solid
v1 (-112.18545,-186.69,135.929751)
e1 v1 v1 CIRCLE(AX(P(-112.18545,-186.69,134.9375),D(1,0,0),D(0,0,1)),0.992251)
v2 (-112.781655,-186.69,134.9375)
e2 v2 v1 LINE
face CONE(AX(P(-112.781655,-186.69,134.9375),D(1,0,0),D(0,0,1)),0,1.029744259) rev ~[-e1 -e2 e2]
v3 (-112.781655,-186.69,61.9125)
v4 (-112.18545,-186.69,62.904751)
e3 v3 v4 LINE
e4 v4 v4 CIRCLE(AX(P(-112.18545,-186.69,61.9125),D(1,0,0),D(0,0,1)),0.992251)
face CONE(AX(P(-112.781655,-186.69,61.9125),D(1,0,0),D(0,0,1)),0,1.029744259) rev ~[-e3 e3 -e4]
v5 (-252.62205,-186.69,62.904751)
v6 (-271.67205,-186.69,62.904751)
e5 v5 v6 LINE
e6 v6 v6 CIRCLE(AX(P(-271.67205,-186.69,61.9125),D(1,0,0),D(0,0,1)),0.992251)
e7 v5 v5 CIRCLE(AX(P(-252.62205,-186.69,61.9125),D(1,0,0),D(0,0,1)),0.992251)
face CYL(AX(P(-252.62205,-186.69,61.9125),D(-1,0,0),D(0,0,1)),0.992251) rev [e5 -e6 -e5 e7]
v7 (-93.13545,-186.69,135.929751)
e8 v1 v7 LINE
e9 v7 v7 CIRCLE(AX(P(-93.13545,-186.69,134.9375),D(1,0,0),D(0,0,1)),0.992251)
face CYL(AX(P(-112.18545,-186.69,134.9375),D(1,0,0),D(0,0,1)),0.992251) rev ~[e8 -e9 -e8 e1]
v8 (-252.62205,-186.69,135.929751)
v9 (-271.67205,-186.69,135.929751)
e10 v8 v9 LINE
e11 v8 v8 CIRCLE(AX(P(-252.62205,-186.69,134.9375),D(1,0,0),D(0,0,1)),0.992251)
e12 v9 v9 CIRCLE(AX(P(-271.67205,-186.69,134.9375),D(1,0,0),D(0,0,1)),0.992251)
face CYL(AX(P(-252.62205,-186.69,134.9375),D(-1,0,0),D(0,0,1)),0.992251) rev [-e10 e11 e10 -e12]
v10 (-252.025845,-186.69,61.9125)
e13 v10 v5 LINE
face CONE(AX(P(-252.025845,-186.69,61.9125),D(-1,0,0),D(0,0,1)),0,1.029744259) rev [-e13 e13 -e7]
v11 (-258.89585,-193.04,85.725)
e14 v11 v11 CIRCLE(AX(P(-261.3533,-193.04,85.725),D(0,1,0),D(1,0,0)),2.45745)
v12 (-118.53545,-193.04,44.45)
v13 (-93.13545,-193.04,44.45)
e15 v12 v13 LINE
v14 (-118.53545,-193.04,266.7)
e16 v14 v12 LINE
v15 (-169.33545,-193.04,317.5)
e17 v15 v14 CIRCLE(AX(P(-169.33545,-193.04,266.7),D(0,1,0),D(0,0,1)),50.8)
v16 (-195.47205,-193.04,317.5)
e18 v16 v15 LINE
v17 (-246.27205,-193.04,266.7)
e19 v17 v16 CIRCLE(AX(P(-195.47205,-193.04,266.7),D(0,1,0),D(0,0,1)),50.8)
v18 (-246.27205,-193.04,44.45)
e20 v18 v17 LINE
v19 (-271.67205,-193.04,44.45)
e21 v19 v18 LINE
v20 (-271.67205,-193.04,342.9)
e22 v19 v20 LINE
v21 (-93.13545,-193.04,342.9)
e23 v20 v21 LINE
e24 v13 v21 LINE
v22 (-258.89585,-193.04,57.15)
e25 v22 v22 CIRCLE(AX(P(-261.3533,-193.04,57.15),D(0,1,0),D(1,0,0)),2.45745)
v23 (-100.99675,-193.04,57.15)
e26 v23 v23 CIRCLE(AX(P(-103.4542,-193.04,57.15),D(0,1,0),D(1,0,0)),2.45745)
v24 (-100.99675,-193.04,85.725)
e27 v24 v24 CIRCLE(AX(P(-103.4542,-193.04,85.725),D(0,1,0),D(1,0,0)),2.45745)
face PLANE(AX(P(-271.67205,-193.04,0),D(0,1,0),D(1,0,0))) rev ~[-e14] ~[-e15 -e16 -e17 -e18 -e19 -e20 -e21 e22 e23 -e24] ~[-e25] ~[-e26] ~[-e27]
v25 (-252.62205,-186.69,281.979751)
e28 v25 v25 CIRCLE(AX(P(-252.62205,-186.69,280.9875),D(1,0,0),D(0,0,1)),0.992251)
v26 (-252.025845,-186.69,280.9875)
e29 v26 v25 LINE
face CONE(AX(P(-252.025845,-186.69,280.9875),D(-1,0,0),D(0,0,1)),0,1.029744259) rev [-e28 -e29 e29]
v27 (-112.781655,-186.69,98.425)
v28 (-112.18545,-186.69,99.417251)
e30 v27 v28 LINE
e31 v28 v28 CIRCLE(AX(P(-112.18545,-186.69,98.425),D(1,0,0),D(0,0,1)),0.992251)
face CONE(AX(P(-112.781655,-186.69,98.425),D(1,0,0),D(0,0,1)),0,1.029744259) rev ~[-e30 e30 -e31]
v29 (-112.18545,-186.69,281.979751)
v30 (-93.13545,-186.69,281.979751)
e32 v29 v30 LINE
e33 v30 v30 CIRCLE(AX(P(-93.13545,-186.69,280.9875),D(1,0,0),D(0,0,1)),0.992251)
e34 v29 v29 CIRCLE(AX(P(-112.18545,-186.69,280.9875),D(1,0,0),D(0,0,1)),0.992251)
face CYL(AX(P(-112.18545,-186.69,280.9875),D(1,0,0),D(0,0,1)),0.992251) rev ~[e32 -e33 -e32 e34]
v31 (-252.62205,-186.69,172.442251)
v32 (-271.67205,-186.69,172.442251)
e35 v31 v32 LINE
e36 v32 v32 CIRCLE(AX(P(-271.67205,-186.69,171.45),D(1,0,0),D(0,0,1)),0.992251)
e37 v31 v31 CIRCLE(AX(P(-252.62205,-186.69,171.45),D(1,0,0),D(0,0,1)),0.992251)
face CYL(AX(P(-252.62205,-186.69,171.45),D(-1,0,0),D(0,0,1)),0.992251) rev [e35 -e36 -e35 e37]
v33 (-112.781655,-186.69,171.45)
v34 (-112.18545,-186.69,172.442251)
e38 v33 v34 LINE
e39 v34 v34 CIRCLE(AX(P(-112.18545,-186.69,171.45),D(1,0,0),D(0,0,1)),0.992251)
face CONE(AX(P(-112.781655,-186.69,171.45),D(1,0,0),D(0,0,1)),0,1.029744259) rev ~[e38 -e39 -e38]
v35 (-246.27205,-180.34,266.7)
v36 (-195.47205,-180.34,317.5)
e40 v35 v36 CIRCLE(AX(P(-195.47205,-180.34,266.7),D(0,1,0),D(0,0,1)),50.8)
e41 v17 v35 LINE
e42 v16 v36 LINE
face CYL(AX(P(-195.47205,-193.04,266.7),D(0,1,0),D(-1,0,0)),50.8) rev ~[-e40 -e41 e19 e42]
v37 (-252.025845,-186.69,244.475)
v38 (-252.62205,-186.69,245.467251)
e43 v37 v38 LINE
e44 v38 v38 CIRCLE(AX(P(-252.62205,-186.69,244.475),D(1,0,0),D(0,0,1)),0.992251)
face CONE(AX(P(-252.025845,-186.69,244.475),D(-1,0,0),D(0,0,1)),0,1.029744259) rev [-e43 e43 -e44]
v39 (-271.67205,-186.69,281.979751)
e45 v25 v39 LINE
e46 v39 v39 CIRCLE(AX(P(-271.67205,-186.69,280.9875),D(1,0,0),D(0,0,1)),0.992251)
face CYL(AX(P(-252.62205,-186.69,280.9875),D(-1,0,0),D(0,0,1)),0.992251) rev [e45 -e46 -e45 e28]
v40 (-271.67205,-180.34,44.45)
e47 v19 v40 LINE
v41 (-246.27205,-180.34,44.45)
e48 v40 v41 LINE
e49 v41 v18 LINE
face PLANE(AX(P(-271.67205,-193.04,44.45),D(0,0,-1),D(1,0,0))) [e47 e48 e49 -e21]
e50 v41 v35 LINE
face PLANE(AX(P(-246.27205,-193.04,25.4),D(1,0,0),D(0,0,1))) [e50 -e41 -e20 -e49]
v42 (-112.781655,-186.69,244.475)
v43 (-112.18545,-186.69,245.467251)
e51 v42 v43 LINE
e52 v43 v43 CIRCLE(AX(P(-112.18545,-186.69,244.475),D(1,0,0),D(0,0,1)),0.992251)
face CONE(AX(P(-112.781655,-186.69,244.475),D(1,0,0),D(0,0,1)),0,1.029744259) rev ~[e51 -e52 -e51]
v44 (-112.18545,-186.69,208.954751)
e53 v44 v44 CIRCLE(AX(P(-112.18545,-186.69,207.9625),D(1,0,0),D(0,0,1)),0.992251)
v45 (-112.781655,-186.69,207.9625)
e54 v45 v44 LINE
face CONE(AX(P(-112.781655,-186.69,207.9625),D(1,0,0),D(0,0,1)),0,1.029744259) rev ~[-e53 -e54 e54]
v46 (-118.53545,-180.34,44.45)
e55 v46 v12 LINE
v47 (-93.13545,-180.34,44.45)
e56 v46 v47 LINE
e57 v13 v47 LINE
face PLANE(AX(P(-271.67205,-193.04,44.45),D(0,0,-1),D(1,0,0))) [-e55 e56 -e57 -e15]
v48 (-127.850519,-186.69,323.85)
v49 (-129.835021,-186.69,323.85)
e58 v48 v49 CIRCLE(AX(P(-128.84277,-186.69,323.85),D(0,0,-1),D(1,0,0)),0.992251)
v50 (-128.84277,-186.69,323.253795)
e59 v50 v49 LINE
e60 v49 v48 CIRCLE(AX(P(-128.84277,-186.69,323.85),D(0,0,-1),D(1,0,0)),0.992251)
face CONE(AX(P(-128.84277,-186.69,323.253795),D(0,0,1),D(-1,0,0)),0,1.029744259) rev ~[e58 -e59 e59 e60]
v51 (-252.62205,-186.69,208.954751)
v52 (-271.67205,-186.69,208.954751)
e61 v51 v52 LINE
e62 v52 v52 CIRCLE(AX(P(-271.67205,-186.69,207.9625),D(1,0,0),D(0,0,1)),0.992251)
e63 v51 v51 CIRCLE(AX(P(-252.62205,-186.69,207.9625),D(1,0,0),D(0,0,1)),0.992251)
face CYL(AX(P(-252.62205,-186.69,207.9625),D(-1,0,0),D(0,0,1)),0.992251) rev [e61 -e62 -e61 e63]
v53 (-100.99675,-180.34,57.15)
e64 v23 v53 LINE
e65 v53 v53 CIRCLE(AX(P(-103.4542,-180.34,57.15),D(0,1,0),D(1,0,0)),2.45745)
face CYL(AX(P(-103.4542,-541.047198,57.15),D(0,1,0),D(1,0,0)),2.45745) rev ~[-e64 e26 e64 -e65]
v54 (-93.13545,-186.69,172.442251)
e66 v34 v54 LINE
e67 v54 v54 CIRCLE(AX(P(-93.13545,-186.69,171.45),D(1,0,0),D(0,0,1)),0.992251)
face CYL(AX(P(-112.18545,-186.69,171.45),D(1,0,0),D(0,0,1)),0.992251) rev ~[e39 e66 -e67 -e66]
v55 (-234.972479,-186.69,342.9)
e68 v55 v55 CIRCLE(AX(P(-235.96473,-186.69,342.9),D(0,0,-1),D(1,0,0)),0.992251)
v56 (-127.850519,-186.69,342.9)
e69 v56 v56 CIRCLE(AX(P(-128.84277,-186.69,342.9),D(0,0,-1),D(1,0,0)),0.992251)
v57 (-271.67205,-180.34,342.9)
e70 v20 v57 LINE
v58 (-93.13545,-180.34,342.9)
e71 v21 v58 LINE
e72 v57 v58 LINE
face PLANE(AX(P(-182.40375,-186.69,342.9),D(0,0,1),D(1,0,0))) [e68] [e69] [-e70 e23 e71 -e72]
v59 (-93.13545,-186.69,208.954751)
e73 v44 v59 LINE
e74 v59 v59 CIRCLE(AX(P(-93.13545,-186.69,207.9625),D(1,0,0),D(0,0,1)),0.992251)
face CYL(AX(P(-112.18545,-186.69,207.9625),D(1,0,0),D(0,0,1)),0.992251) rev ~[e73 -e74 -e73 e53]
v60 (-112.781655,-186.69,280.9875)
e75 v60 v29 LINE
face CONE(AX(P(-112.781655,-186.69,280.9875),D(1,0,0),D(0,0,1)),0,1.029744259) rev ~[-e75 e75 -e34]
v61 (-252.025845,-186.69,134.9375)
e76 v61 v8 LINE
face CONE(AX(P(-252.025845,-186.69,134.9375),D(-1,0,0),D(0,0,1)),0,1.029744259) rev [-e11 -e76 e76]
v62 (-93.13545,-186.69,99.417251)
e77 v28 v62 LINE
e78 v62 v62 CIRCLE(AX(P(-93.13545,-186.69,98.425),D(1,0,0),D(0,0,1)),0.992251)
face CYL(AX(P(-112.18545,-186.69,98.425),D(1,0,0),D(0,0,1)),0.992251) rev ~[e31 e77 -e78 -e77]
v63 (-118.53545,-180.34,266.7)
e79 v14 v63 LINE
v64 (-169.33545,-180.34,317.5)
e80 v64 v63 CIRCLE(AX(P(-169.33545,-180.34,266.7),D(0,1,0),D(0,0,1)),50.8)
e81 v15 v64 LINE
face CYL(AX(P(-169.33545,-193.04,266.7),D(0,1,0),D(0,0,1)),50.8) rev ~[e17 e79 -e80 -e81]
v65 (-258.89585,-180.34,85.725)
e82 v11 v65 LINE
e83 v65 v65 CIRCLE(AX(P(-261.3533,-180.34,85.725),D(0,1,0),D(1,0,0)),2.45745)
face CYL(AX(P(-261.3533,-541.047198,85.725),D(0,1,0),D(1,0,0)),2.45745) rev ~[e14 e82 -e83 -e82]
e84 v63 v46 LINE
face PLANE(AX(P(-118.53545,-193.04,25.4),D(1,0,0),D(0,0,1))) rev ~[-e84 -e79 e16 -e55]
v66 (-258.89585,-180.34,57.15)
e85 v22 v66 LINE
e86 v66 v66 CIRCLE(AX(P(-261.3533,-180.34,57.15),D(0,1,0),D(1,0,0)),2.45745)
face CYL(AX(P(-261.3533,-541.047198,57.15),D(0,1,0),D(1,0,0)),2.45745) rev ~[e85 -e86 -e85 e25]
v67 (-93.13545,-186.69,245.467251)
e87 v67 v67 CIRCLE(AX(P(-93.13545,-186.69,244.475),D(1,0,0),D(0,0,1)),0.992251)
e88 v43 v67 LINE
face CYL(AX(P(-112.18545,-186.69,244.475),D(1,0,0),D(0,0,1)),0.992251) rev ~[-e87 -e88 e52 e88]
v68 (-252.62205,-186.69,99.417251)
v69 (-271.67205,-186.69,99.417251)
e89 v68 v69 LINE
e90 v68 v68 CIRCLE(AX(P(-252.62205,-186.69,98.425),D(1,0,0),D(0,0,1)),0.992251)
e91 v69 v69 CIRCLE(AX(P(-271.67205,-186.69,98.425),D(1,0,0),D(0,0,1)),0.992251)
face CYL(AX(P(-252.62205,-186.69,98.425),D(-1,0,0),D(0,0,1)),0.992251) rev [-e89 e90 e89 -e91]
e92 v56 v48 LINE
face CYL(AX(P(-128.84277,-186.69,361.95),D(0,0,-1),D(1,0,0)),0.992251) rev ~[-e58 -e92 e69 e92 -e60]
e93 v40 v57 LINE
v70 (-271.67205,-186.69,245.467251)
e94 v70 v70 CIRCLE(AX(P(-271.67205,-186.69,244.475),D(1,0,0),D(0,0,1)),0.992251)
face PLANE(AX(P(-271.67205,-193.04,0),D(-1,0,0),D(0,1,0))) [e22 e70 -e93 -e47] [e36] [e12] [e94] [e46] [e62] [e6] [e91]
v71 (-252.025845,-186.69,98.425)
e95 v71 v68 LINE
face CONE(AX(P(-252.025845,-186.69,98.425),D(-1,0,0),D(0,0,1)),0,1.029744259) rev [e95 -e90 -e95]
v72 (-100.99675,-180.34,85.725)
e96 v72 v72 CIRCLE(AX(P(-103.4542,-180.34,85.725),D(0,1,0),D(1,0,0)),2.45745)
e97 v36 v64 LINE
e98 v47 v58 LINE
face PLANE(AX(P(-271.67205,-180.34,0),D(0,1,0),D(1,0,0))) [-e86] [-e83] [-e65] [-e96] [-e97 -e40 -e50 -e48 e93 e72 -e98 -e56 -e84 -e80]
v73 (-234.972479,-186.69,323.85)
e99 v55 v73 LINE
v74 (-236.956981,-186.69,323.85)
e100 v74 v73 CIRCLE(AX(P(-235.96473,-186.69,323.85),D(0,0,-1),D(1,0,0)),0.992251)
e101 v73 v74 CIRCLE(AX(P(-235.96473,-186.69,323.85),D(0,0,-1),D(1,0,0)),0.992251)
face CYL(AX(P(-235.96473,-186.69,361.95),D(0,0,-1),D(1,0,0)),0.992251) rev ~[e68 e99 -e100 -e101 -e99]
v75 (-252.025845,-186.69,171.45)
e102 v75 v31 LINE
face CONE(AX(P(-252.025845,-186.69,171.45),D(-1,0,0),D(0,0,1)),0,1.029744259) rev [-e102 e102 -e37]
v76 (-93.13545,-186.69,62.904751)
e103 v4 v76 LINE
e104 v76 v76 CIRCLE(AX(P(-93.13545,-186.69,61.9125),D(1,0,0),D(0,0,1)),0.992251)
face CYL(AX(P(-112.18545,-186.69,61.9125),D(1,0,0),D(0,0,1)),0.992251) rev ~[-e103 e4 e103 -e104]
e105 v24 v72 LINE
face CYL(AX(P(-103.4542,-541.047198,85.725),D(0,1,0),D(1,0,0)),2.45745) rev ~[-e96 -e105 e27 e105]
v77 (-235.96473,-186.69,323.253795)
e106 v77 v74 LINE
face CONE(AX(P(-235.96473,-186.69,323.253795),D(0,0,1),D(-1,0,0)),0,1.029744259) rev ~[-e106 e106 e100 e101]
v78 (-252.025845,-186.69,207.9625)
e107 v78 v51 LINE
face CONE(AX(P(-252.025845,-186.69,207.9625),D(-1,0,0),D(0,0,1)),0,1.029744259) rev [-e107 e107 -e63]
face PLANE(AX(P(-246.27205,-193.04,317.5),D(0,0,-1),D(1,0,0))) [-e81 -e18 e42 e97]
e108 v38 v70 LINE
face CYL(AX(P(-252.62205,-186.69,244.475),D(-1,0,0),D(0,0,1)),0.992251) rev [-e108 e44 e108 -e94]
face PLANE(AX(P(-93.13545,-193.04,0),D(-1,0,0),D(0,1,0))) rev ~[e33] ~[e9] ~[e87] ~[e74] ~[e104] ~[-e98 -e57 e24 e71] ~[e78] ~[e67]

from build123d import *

# Parameters (mm, degrees)
SKETCH1_W                                 = 178.5366
SKETCH1_H                                 = 12.7
BOSS_EXTRUDE1_DEPTH                       = 342.9
CUT_EXTRUDE1_REACH                        = 14.7
SKETCH2_W                                 = 127.7366
SKETCH2_H                                 = 292.1
FILLET1_R                                 = 50.8
F_15_64_0_23438_DIAMETER_HOLE2_D          = 5.953252
F_15_64_0_23438_DIAMETER_HOLE2_DEPTH      = 12.7
F_15_64_0_23438_DIAMETER_HOLE2_TIP        = 1.788537341
F_5_64_0_07813_DIAMETER_HOLE1_D           = 1.984502
F_5_64_0_07813_DIAMETER_HOLE1_DEPTH       = 38.1
F_5_64_0_07813_DIAMETER_HOLE1_CSINK_D     = 10.16
F_5_64_0_07813_DIAMETER_HOLE1_CSINK_ANGLE = 82
F_5_64_0_07813_DIAMETER_HOLE1_TIP         = 0.59620455
F_5_64_0_07813_DIAMETER_HOLE2_AT_2_COUNT  = 2
F_5_64_0_07813_DIAMETER_HOLE2_AT_2_PITCH  = 36.5125
F_5_64_0_07813_DIAMETER_HOLE2_AT_3_COUNT  = 2
F_5_64_0_07813_DIAMETER_HOLE2_AT_3_PITCH  = 73.025
F_5_64_0_07813_DIAMETER_HOLE2_AT_4_COUNT  = 2
F_5_64_0_07813_DIAMETER_HOLE2_AT_4_PITCH  = 109.5375
F_5_64_0_07813_DIAMETER_HOLE2_AT_5_COUNT  = 2
F_5_64_0_07813_DIAMETER_HOLE2_AT_5_PITCH  = 146.05
F_5_64_0_07813_DIAMETER_HOLE2_AT_6_COUNT  = 2
F_5_64_0_07813_DIAMETER_HOLE2_AT_6_PITCH  = 182.5625
F_5_64_0_07813_DIAMETER_HOLE2_AT_7_COUNT  = 2
F_5_64_0_07813_DIAMETER_HOLE2_AT_7_PITCH  = 219.075
CUT_EXTRUDE2_REACH                        = 14.7
SKETCH11_W                                = 178.5366
SKETCH11_H                                = 44.45
CUT_EXTRUDE3_START                        = -12.7
SKETCH12_W                                = 127.7366
SKETCH12_H                                = 31.75
CUT_EXTRUDE3_DEPTH                        = 12.7
F_8_CLEARANCE_HOLE1_D                     = 4.9149


with BuildPart() as part:
    # Sketch1 → Boss-Extrude1 (new body)
    with BuildSketch(Plane.XY):
        with Locations((-182.40375, -186.69)):
            Rectangle(SKETCH1_W, SKETCH1_H)
    extrude(amount=BOSS_EXTRUDE1_DEPTH)

    # Sketch2 → Cut-Extrude1 (cut, up to next)
    with BuildSketch(Plane.XZ.offset(193.04), mode=Mode.PRIVATE) as cut_extrude1_sk1:
        with Locations((-182.40375, 171.45)):
            Rectangle(SKETCH2_W, SKETCH2_H)
    cut_extrude1_tool1 = extrude(cut_extrude1_sk1.sketch, amount=-CUT_EXTRUDE1_REACH, mode=Mode.PRIVATE) & part.part
    add(cut_extrude1_tool1.solids().sort_by_distance((-182.40375, -193.04, 171.45))[0], mode=Mode.SUBTRACT)

    # Fillet1
    fillet1_edges = [part.edges().sort_by_distance(p)[0] for p in [
        (-118.53545, -186.69, 317.5),
        (-118.53545, -186.69, 25.4),
        (-246.27205, -186.69, 25.4),
        (-246.27205, -186.69, 317.5),
    ]]
    fillet(fillet1_edges, radius=FILLET1_R)

    # 15/64 (0.23438) Diameter Hole2
    with Locations(Plane(origin=(-182.40375, 1936.853954382, -6.35), x_dir=(1, 0, 0), z_dir=(0, 0, -1))):
        with Locations((-262.8265, 2051.088542934), (-262.8265, 2014.068680083), (-262.8265, 1977.048817232), (-98.7933, 2115.959791125), (-98.7933, 2151.166454382), (-44.63415, 2123.543954382), (0, 2123.543954382), (44.63415, 2123.543954382)):
            Hole(F_15_64_0_23438_DIAMETER_HOLE2_D / 2, depth=F_15_64_0_23438_DIAMETER_HOLE2_DEPTH)
            with Locations((0, 0, -(F_15_64_0_23438_DIAMETER_HOLE2_DEPTH + F_15_64_0_23438_DIAMETER_HOLE2_TIP / 2))):  # 118° drill point
                Cone(0, F_15_64_0_23438_DIAMETER_HOLE2_D / 2, F_15_64_0_23438_DIAMETER_HOLE2_TIP, mode=Mode.SUBTRACT)

    # 5/64 (0.07813) Diameter Hole1
    with Locations(Plane(origin=(-182.40375, 1936.853954382, 361.95), x_dir=(-1, 0, 0), z_dir=(0, 0, 1))):
        with Locations((-262.508471454, 2038.114708605), (262.8265, 2038.74858865), (262.8265, 1989.388771516), (262.8265, 1964.708862949), (262.8265, 2014.068680083), (262.8265, 2063.428497217), (98.7933, 2131.851871048), (98.7933, 2093.487287715), (98.7933, 2055.122704382), (98.7933, 2016.758121048), (98.7933, 1978.393537715), (53.56098, 2123.543954382), (-53.56098, 2123.543954382), (-98.330098001, 1978.155684545), (-98.422680867, 2016.520156166), (-98.515263732, 2054.884627786), (-98.607846597, 2093.249099407), (-98.700429462, 2131.613571028), (-262.568029943, 2062.794545307), (-262.448912964, 2013.434871902), (-262.329795984, 1964.075198497), (-262.389354474, 1988.755035199)):
            CounterSinkHole(F_5_64_0_07813_DIAMETER_HOLE1_D / 2, F_5_64_0_07813_DIAMETER_HOLE1_CSINK_D / 2, depth=F_5_64_0_07813_DIAMETER_HOLE1_DEPTH, counter_sink_angle=F_5_64_0_07813_DIAMETER_HOLE1_CSINK_ANGLE)
            with Locations((0, 0, -(F_5_64_0_07813_DIAMETER_HOLE1_DEPTH + F_5_64_0_07813_DIAMETER_HOLE1_TIP / 2))):  # 118° drill point
                Cone(0, F_5_64_0_07813_DIAMETER_HOLE1_D / 2, F_5_64_0_07813_DIAMETER_HOLE1_TIP, mode=Mode.SUBTRACT)

    # Sketch10 → 5/64 (0.07813) Diameter Hole2 (revolve, cut)
    with BuildSketch(Plane(origin=(-271.67205, -186.69, 280.9875), x_dir=(0, 0, 1), z_dir=(0, 1, 0))):
        Polygon((0, 0), (0, 19.64620455), (0.992251, 19.05), (0.992251, 0), align=None)
    f_5_64_0_07813_diameter_hole2 = revolve(axis=Axis((-278.02205, -186.69, 280.9875), (1, 0, 0)), mode=Mode.SUBTRACT)

    # 5/64 (0.07813) Diameter Hole2 at 2: 5/64 (0.07813) Diameter Hole2 ×2
    with Locations(*[(0, 0, -i * F_5_64_0_07813_DIAMETER_HOLE2_AT_2_PITCH) for i in range(1, F_5_64_0_07813_DIAMETER_HOLE2_AT_2_COUNT)]):
        add(f_5_64_0_07813_diameter_hole2, mode=Mode.SUBTRACT)

    # 5/64 (0.07813) Diameter Hole2 at 3: 5/64 (0.07813) Diameter Hole2 ×2
    with Locations(*[(0, 0, -i * F_5_64_0_07813_DIAMETER_HOLE2_AT_3_PITCH) for i in range(1, F_5_64_0_07813_DIAMETER_HOLE2_AT_3_COUNT)]):
        add(f_5_64_0_07813_diameter_hole2, mode=Mode.SUBTRACT)

    # 5/64 (0.07813) Diameter Hole2 at 4: 5/64 (0.07813) Diameter Hole2 ×2
    with Locations(*[(0, 0, -i * F_5_64_0_07813_DIAMETER_HOLE2_AT_4_PITCH) for i in range(1, F_5_64_0_07813_DIAMETER_HOLE2_AT_4_COUNT)]):
        add(f_5_64_0_07813_diameter_hole2, mode=Mode.SUBTRACT)

    # 5/64 (0.07813) Diameter Hole2 at 5: 5/64 (0.07813) Diameter Hole2 ×2
    with Locations(*[(0, 0, -i * F_5_64_0_07813_DIAMETER_HOLE2_AT_5_PITCH) for i in range(1, F_5_64_0_07813_DIAMETER_HOLE2_AT_5_COUNT)]):
        add(f_5_64_0_07813_diameter_hole2, mode=Mode.SUBTRACT)

    # 5/64 (0.07813) Diameter Hole2 at 6: 5/64 (0.07813) Diameter Hole2 ×2
    with Locations(*[(0, 0, -i * F_5_64_0_07813_DIAMETER_HOLE2_AT_6_PITCH) for i in range(1, F_5_64_0_07813_DIAMETER_HOLE2_AT_6_COUNT)]):
        add(f_5_64_0_07813_diameter_hole2, mode=Mode.SUBTRACT)

    # 5/64 (0.07813) Diameter Hole2 at 7: 5/64 (0.07813) Diameter Hole2 ×2
    with Locations(*[(0, 0, -i * F_5_64_0_07813_DIAMETER_HOLE2_AT_7_PITCH) for i in range(1, F_5_64_0_07813_DIAMETER_HOLE2_AT_7_COUNT)]):
        add(f_5_64_0_07813_diameter_hole2, mode=Mode.SUBTRACT)

    # Mirror1: 5/64 (0.07813) Diameter Hole2 across plane
    add(f_5_64_0_07813_diameter_hole2.mirror(Plane.ZY.offset(182.40375)), mode=Mode.SUBTRACT)

    # Mirror1 copy 1 sketch → Mirror1 copy 1 (revolve, cut)
    with BuildSketch(Plane(origin=(-93.13545, -186.69, 244.475), x_dir=(0, 0, 1), z_dir=(0, 1, 0))):
        Polygon((0, 0), (0, -19.64620455), (0.992251, -19.05), (0.992251, 0), align=None)
    revolve(axis=Axis((-86.78545, -186.69, 244.475), (1, 0, 0)), mode=Mode.SUBTRACT)

    # Mirror1 copy 2 sketch → Mirror1 copy 2 (revolve, cut)
    with BuildSketch(Plane(origin=(-93.13545, -186.69, 207.9625), x_dir=(0, 0, 1), z_dir=(0, 1, 0))):
        Polygon((0, 0), (0, -19.64620455), (0.992251, -19.05), (0.992251, 0), align=None)
    revolve(axis=Axis((-86.78545, -186.69, 207.9625), (1, 0, 0)), mode=Mode.SUBTRACT)

    # Mirror1 copy 3 sketch → Mirror1 copy 3 (revolve, cut)
    with BuildSketch(Plane(origin=(-93.13545, -186.69, 171.45), x_dir=(0, 0, 1), z_dir=(0, 1, 0))):
        Polygon((0, 0), (0, -19.64620455), (0.992251, -19.05), (0.992251, 0), align=None)
    revolve(axis=Axis((-86.78545, -186.69, 171.45), (1, 0, 0)), mode=Mode.SUBTRACT)

    # Mirror1 copy 4 sketch → Mirror1 copy 4 (revolve, cut)
    with BuildSketch(Plane(origin=(-93.13545, -186.69, 134.9375), x_dir=(0, 0, 1), z_dir=(0, 1, 0))):
        Polygon((0, 0), (0, -19.64620455), (0.992251, -19.05), (0.992251, 0), align=None)
    revolve(axis=Axis((-86.78545, -186.69, 134.9375), (1, 0, 0)), mode=Mode.SUBTRACT)

    # Mirror1 copy 5 sketch → Mirror1 copy 5 (revolve, cut)
    with BuildSketch(Plane(origin=(-93.13545, -186.69, 98.425), x_dir=(0, 0, 1), z_dir=(0, 1, 0))):
        Polygon((0, 0), (0, -19.64620455), (0.992251, -19.05), (0.992251, 0), align=None)
    revolve(axis=Axis((-86.78545, -186.69, 98.425), (1, 0, 0)), mode=Mode.SUBTRACT)

    # Mirror1 copy 6 sketch → Mirror1 copy 6 (revolve, cut)
    with BuildSketch(Plane(origin=(-93.13545, -186.69, 61.9125), x_dir=(0, 0, 1), z_dir=(0, 1, 0))):
        Polygon((0, 0), (0, -19.64620455), (0.992251, -19.05), (0.992251, 0), align=None)
    revolve(axis=Axis((-86.78545, -186.69, 61.9125), (1, 0, 0)), mode=Mode.SUBTRACT)

    # Sketch11 → Cut-Extrude2 (cut, up to next)
    with BuildSketch(Plane.XZ.offset(193.04), mode=Mode.PRIVATE) as cut_extrude2_sk1:
        with Locations((-182.40375, 22.225)):
            Rectangle(SKETCH11_W, SKETCH11_H)
    cut_extrude2_tool1 = extrude(cut_extrude2_sk1.sketch, amount=-CUT_EXTRUDE2_REACH, mode=Mode.PRIVATE) & part.part
    add(cut_extrude2_tool1.solids().sort_by_distance((-182.40375, -193.04, 22.225))[0], mode=Mode.SUBTRACT)

    # Sketch12 → Cut-Extrude3 (cut)
    with BuildSketch(Plane.XZ.offset(193.04).offset(CUT_EXTRUDE3_START)):
        with Locations((-182.40375, 60.325)):
            Rectangle(SKETCH12_W, SKETCH12_H)
    extrude(amount=CUT_EXTRUDE3_DEPTH, mode=Mode.SUBTRACT)

    # #8 Clearance Hole1 (through all)
    with Locations(Plane(origin=(0, -193.04, 0), x_dir=(-1, 0, 0), z_dir=(0, -1, 0))):
        with Locations((261.3533, -85.725), (261.3533, -57.15), (103.4542, -57.15), (103.4542, -85.725)):
            Hole(F_8_CLEARANCE_HOLE1_D / 2)


solid = part.part
